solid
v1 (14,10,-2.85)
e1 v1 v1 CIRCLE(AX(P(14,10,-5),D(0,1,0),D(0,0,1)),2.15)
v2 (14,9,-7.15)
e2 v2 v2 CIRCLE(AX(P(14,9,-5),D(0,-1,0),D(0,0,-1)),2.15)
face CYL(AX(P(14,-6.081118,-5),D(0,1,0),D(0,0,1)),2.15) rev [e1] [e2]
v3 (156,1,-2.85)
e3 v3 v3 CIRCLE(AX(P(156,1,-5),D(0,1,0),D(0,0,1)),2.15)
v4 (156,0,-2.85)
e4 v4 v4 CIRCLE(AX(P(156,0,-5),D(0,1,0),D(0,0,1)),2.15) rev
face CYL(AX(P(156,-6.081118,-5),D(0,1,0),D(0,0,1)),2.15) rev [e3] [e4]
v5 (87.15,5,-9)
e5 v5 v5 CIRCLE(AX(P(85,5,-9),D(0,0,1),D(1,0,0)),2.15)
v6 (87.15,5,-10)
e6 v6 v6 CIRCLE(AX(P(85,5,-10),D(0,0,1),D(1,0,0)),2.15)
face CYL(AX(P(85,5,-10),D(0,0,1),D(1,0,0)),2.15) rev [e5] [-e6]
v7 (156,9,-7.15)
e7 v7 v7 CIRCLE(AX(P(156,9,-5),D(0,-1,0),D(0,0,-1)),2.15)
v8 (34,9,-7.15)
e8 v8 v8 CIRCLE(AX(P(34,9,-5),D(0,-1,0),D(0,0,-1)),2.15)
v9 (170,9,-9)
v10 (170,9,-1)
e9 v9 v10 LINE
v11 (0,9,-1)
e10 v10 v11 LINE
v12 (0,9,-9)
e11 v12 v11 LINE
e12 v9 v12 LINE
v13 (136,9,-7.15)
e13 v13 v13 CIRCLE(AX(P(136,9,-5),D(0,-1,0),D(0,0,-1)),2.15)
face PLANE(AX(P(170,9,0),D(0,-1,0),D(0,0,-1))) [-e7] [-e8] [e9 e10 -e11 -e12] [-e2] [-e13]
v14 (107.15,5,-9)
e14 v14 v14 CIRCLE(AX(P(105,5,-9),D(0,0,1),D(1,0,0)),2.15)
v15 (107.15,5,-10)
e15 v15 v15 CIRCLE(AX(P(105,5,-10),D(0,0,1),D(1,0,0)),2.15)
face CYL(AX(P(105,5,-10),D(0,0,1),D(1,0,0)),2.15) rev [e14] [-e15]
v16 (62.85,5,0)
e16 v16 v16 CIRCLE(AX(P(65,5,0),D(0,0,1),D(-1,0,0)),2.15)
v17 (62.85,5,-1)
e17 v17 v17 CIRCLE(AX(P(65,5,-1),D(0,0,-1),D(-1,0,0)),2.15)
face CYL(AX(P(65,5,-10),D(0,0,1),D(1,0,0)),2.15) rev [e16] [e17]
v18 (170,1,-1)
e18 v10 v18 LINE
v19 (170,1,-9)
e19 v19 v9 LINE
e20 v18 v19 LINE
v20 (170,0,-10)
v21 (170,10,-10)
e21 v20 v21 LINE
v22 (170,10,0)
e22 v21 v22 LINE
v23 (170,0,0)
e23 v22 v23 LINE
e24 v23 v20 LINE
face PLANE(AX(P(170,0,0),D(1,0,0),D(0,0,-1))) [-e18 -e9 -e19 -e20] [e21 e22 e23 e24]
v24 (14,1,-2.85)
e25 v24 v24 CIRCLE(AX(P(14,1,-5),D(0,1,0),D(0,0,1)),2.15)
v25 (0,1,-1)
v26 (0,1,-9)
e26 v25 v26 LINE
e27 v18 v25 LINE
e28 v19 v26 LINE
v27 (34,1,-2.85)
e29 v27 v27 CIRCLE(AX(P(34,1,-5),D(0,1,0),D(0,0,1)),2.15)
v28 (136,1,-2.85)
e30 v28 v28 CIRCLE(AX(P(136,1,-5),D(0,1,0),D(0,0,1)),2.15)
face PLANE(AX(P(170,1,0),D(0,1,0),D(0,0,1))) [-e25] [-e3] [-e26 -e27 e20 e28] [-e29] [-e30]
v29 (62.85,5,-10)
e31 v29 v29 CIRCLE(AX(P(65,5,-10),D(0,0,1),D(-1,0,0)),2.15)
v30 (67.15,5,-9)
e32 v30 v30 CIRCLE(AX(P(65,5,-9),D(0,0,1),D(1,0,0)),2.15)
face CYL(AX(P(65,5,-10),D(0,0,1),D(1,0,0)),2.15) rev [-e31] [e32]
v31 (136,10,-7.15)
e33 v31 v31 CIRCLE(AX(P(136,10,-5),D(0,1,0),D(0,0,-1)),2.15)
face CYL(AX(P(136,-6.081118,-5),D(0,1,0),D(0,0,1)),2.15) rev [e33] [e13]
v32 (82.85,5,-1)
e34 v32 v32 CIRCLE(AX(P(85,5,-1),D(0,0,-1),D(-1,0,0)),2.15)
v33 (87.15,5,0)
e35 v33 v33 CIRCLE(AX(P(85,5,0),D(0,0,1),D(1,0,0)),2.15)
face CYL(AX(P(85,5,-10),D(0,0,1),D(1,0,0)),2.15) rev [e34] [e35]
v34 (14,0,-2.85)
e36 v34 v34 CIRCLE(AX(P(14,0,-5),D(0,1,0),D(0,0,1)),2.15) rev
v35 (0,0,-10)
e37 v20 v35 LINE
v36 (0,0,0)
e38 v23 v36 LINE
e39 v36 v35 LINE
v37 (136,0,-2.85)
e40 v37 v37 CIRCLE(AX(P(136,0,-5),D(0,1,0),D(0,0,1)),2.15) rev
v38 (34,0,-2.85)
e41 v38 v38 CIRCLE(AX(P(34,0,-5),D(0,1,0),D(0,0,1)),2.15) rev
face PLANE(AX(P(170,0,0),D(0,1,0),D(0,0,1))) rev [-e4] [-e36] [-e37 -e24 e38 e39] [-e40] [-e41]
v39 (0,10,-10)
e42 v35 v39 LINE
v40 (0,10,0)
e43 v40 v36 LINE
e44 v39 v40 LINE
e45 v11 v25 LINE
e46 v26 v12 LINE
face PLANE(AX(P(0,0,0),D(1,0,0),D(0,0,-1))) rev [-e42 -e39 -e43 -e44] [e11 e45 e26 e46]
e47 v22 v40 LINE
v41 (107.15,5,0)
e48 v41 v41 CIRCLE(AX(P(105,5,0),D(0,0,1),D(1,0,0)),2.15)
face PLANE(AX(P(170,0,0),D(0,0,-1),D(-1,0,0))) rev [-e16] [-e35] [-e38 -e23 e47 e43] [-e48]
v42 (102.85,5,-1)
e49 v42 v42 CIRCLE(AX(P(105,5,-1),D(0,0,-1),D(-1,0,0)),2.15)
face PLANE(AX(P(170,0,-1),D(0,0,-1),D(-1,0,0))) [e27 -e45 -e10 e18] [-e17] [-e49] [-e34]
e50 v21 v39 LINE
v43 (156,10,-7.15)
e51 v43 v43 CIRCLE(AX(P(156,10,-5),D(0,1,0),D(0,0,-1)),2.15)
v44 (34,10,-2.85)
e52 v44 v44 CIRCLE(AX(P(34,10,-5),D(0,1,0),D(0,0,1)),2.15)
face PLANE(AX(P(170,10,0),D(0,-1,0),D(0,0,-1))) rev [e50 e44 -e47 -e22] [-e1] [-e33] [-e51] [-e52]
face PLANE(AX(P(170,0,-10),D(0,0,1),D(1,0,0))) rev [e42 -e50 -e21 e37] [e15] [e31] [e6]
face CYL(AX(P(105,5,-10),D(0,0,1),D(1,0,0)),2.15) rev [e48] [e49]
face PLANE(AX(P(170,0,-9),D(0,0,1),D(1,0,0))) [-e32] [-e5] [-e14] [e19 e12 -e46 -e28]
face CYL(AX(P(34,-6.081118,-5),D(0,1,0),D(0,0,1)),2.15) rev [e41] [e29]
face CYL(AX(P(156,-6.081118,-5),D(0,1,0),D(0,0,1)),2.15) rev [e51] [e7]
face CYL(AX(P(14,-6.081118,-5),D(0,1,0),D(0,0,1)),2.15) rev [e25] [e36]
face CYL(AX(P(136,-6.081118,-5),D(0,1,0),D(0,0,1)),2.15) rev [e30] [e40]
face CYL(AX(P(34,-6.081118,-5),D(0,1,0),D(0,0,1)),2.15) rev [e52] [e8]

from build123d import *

# Parameters (mm, degrees)
SKETCH_2_W          = 10
SKETCH_2_H          = 10
SKETCH_2_W_2        = 8
SKETCH_2_H_2        = 8
EXTRUDE_1_DEPTH     = 170
CUT_EXTRUDE_1_REACH = 172.587
SKETCH_3_R          = 2.15
SKETCH_4_R          = 2.15
CUT_EXTRUDE_2_DEPTH = 171.587221092


with BuildPart() as part:
    # ｽｹｯﾁ2 → 押し出し-薄板1 (new body)
    with BuildSketch(Plane(origin=(0, 0, 0), x_dir=(0, 0, -1), z_dir=(1, 0, 0))):
        with Locations((5, 5)):
            Rectangle(SKETCH_2_W, SKETCH_2_H)
        with Locations((5, 5)):
            Rectangle(SKETCH_2_W_2, SKETCH_2_H_2, mode=Mode.SUBTRACT)
    extrude(amount=EXTRUDE_1_DEPTH)

    # ｶｯﾄ - 押し出し1: up to this face of the body (flat: up to its plane)
    cut_extrude_1_end = Plane(part.part.faces().sort_by_distance((85, 0, -5))[0])
    # ｽｹｯﾁ3 → ｶｯﾄ - 押し出し1 (cut, up to the picked face)
    with BuildSketch(Plane(origin=(0, 10, 0), x_dir=(1, 0, 0), z_dir=(0, 1, 0)), mode=Mode.PRIVATE) as cut_extrude_1_sk1:
        with Locations(Location((14, 5, 0), (0, 0, 270))):
            Circle(SKETCH_3_R)
    cut_extrude_1_tool1 = split(extrude(cut_extrude_1_sk1.sketch, amount=-CUT_EXTRUDE_1_REACH, mode=Mode.PRIVATE), bisect_by=cut_extrude_1_end, keep=Keep.BOTH, mode=Mode.PRIVATE)
    # ｽｹｯﾁ3 → ｶｯﾄ - 押し出し1 (cut, up to the picked face)
    with BuildSketch(Plane(origin=(0, 10, 0), x_dir=(1, 0, 0), z_dir=(0, 1, 0)), mode=Mode.PRIVATE) as cut_extrude_1_sk2:
        with Locations(Location((34, 5, 0), (0, 0, 270))):
            Circle(SKETCH_3_R)
    cut_extrude_1_tool2 = split(extrude(cut_extrude_1_sk2.sketch, amount=-CUT_EXTRUDE_1_REACH, mode=Mode.PRIVATE), bisect_by=cut_extrude_1_end, keep=Keep.BOTH, mode=Mode.PRIVATE)
    # ｽｹｯﾁ3 → ｶｯﾄ - 押し出し1 (cut, up to the picked face)
    with BuildSketch(Plane(origin=(0, 10, 0), x_dir=(1, 0, 0), z_dir=(0, 1, 0)), mode=Mode.PRIVATE) as cut_extrude_1_sk3:
        with Locations(Location((136, 5, 0), (0, 0, 90))):
            Circle(SKETCH_3_R)
    cut_extrude_1_tool3 = split(extrude(cut_extrude_1_sk3.sketch, amount=-CUT_EXTRUDE_1_REACH, mode=Mode.PRIVATE), bisect_by=cut_extrude_1_end, keep=Keep.BOTH, mode=Mode.PRIVATE)
    # ｽｹｯﾁ3 → ｶｯﾄ - 押し出し1 (cut, up to the picked face)
    with BuildSketch(Plane(origin=(0, 10, 0), x_dir=(1, 0, 0), z_dir=(0, 1, 0)), mode=Mode.PRIVATE) as cut_extrude_1_sk4:
        with Locations(Location((156, 5, 0), (0, 0, 90))):
            Circle(SKETCH_3_R)
    cut_extrude_1_tool4 = split(extrude(cut_extrude_1_sk4.sketch, amount=-CUT_EXTRUDE_1_REACH, mode=Mode.PRIVATE), bisect_by=cut_extrude_1_end, keep=Keep.BOTH, mode=Mode.PRIVATE)
    add(cut_extrude_1_tool1.solids().sort_by(Axis((14, 10, -5), (0, -1, 0)))[0], mode=Mode.SUBTRACT)
    add(cut_extrude_1_tool2.solids().sort_by(Axis((34, 10, -5), (0, -1, 0)))[0], mode=Mode.SUBTRACT)
    add(cut_extrude_1_tool3.solids().sort_by(Axis((136, 10, -5), (0, -1, 0)))[0], mode=Mode.SUBTRACT)
    add(cut_extrude_1_tool4.solids().sort_by(Axis((156, 10, -5), (0, -1, 0)))[0], mode=Mode.SUBTRACT)

    # ｽｹｯﾁ4 → ｶｯﾄ - 押し出し2 (cut, through all)
    with BuildSketch(Plane.XY):
        with Locations((105, 5)):
            Circle(SKETCH_4_R)
        with Locations((85, 5)):
            Circle(SKETCH_4_R)
        with Locations((65, 5)):
            Circle(SKETCH_4_R)
    extrude(amount=-CUT_EXTRUDE_2_DEPTH, mode=Mode.SUBTRACT)


solid = part.part
